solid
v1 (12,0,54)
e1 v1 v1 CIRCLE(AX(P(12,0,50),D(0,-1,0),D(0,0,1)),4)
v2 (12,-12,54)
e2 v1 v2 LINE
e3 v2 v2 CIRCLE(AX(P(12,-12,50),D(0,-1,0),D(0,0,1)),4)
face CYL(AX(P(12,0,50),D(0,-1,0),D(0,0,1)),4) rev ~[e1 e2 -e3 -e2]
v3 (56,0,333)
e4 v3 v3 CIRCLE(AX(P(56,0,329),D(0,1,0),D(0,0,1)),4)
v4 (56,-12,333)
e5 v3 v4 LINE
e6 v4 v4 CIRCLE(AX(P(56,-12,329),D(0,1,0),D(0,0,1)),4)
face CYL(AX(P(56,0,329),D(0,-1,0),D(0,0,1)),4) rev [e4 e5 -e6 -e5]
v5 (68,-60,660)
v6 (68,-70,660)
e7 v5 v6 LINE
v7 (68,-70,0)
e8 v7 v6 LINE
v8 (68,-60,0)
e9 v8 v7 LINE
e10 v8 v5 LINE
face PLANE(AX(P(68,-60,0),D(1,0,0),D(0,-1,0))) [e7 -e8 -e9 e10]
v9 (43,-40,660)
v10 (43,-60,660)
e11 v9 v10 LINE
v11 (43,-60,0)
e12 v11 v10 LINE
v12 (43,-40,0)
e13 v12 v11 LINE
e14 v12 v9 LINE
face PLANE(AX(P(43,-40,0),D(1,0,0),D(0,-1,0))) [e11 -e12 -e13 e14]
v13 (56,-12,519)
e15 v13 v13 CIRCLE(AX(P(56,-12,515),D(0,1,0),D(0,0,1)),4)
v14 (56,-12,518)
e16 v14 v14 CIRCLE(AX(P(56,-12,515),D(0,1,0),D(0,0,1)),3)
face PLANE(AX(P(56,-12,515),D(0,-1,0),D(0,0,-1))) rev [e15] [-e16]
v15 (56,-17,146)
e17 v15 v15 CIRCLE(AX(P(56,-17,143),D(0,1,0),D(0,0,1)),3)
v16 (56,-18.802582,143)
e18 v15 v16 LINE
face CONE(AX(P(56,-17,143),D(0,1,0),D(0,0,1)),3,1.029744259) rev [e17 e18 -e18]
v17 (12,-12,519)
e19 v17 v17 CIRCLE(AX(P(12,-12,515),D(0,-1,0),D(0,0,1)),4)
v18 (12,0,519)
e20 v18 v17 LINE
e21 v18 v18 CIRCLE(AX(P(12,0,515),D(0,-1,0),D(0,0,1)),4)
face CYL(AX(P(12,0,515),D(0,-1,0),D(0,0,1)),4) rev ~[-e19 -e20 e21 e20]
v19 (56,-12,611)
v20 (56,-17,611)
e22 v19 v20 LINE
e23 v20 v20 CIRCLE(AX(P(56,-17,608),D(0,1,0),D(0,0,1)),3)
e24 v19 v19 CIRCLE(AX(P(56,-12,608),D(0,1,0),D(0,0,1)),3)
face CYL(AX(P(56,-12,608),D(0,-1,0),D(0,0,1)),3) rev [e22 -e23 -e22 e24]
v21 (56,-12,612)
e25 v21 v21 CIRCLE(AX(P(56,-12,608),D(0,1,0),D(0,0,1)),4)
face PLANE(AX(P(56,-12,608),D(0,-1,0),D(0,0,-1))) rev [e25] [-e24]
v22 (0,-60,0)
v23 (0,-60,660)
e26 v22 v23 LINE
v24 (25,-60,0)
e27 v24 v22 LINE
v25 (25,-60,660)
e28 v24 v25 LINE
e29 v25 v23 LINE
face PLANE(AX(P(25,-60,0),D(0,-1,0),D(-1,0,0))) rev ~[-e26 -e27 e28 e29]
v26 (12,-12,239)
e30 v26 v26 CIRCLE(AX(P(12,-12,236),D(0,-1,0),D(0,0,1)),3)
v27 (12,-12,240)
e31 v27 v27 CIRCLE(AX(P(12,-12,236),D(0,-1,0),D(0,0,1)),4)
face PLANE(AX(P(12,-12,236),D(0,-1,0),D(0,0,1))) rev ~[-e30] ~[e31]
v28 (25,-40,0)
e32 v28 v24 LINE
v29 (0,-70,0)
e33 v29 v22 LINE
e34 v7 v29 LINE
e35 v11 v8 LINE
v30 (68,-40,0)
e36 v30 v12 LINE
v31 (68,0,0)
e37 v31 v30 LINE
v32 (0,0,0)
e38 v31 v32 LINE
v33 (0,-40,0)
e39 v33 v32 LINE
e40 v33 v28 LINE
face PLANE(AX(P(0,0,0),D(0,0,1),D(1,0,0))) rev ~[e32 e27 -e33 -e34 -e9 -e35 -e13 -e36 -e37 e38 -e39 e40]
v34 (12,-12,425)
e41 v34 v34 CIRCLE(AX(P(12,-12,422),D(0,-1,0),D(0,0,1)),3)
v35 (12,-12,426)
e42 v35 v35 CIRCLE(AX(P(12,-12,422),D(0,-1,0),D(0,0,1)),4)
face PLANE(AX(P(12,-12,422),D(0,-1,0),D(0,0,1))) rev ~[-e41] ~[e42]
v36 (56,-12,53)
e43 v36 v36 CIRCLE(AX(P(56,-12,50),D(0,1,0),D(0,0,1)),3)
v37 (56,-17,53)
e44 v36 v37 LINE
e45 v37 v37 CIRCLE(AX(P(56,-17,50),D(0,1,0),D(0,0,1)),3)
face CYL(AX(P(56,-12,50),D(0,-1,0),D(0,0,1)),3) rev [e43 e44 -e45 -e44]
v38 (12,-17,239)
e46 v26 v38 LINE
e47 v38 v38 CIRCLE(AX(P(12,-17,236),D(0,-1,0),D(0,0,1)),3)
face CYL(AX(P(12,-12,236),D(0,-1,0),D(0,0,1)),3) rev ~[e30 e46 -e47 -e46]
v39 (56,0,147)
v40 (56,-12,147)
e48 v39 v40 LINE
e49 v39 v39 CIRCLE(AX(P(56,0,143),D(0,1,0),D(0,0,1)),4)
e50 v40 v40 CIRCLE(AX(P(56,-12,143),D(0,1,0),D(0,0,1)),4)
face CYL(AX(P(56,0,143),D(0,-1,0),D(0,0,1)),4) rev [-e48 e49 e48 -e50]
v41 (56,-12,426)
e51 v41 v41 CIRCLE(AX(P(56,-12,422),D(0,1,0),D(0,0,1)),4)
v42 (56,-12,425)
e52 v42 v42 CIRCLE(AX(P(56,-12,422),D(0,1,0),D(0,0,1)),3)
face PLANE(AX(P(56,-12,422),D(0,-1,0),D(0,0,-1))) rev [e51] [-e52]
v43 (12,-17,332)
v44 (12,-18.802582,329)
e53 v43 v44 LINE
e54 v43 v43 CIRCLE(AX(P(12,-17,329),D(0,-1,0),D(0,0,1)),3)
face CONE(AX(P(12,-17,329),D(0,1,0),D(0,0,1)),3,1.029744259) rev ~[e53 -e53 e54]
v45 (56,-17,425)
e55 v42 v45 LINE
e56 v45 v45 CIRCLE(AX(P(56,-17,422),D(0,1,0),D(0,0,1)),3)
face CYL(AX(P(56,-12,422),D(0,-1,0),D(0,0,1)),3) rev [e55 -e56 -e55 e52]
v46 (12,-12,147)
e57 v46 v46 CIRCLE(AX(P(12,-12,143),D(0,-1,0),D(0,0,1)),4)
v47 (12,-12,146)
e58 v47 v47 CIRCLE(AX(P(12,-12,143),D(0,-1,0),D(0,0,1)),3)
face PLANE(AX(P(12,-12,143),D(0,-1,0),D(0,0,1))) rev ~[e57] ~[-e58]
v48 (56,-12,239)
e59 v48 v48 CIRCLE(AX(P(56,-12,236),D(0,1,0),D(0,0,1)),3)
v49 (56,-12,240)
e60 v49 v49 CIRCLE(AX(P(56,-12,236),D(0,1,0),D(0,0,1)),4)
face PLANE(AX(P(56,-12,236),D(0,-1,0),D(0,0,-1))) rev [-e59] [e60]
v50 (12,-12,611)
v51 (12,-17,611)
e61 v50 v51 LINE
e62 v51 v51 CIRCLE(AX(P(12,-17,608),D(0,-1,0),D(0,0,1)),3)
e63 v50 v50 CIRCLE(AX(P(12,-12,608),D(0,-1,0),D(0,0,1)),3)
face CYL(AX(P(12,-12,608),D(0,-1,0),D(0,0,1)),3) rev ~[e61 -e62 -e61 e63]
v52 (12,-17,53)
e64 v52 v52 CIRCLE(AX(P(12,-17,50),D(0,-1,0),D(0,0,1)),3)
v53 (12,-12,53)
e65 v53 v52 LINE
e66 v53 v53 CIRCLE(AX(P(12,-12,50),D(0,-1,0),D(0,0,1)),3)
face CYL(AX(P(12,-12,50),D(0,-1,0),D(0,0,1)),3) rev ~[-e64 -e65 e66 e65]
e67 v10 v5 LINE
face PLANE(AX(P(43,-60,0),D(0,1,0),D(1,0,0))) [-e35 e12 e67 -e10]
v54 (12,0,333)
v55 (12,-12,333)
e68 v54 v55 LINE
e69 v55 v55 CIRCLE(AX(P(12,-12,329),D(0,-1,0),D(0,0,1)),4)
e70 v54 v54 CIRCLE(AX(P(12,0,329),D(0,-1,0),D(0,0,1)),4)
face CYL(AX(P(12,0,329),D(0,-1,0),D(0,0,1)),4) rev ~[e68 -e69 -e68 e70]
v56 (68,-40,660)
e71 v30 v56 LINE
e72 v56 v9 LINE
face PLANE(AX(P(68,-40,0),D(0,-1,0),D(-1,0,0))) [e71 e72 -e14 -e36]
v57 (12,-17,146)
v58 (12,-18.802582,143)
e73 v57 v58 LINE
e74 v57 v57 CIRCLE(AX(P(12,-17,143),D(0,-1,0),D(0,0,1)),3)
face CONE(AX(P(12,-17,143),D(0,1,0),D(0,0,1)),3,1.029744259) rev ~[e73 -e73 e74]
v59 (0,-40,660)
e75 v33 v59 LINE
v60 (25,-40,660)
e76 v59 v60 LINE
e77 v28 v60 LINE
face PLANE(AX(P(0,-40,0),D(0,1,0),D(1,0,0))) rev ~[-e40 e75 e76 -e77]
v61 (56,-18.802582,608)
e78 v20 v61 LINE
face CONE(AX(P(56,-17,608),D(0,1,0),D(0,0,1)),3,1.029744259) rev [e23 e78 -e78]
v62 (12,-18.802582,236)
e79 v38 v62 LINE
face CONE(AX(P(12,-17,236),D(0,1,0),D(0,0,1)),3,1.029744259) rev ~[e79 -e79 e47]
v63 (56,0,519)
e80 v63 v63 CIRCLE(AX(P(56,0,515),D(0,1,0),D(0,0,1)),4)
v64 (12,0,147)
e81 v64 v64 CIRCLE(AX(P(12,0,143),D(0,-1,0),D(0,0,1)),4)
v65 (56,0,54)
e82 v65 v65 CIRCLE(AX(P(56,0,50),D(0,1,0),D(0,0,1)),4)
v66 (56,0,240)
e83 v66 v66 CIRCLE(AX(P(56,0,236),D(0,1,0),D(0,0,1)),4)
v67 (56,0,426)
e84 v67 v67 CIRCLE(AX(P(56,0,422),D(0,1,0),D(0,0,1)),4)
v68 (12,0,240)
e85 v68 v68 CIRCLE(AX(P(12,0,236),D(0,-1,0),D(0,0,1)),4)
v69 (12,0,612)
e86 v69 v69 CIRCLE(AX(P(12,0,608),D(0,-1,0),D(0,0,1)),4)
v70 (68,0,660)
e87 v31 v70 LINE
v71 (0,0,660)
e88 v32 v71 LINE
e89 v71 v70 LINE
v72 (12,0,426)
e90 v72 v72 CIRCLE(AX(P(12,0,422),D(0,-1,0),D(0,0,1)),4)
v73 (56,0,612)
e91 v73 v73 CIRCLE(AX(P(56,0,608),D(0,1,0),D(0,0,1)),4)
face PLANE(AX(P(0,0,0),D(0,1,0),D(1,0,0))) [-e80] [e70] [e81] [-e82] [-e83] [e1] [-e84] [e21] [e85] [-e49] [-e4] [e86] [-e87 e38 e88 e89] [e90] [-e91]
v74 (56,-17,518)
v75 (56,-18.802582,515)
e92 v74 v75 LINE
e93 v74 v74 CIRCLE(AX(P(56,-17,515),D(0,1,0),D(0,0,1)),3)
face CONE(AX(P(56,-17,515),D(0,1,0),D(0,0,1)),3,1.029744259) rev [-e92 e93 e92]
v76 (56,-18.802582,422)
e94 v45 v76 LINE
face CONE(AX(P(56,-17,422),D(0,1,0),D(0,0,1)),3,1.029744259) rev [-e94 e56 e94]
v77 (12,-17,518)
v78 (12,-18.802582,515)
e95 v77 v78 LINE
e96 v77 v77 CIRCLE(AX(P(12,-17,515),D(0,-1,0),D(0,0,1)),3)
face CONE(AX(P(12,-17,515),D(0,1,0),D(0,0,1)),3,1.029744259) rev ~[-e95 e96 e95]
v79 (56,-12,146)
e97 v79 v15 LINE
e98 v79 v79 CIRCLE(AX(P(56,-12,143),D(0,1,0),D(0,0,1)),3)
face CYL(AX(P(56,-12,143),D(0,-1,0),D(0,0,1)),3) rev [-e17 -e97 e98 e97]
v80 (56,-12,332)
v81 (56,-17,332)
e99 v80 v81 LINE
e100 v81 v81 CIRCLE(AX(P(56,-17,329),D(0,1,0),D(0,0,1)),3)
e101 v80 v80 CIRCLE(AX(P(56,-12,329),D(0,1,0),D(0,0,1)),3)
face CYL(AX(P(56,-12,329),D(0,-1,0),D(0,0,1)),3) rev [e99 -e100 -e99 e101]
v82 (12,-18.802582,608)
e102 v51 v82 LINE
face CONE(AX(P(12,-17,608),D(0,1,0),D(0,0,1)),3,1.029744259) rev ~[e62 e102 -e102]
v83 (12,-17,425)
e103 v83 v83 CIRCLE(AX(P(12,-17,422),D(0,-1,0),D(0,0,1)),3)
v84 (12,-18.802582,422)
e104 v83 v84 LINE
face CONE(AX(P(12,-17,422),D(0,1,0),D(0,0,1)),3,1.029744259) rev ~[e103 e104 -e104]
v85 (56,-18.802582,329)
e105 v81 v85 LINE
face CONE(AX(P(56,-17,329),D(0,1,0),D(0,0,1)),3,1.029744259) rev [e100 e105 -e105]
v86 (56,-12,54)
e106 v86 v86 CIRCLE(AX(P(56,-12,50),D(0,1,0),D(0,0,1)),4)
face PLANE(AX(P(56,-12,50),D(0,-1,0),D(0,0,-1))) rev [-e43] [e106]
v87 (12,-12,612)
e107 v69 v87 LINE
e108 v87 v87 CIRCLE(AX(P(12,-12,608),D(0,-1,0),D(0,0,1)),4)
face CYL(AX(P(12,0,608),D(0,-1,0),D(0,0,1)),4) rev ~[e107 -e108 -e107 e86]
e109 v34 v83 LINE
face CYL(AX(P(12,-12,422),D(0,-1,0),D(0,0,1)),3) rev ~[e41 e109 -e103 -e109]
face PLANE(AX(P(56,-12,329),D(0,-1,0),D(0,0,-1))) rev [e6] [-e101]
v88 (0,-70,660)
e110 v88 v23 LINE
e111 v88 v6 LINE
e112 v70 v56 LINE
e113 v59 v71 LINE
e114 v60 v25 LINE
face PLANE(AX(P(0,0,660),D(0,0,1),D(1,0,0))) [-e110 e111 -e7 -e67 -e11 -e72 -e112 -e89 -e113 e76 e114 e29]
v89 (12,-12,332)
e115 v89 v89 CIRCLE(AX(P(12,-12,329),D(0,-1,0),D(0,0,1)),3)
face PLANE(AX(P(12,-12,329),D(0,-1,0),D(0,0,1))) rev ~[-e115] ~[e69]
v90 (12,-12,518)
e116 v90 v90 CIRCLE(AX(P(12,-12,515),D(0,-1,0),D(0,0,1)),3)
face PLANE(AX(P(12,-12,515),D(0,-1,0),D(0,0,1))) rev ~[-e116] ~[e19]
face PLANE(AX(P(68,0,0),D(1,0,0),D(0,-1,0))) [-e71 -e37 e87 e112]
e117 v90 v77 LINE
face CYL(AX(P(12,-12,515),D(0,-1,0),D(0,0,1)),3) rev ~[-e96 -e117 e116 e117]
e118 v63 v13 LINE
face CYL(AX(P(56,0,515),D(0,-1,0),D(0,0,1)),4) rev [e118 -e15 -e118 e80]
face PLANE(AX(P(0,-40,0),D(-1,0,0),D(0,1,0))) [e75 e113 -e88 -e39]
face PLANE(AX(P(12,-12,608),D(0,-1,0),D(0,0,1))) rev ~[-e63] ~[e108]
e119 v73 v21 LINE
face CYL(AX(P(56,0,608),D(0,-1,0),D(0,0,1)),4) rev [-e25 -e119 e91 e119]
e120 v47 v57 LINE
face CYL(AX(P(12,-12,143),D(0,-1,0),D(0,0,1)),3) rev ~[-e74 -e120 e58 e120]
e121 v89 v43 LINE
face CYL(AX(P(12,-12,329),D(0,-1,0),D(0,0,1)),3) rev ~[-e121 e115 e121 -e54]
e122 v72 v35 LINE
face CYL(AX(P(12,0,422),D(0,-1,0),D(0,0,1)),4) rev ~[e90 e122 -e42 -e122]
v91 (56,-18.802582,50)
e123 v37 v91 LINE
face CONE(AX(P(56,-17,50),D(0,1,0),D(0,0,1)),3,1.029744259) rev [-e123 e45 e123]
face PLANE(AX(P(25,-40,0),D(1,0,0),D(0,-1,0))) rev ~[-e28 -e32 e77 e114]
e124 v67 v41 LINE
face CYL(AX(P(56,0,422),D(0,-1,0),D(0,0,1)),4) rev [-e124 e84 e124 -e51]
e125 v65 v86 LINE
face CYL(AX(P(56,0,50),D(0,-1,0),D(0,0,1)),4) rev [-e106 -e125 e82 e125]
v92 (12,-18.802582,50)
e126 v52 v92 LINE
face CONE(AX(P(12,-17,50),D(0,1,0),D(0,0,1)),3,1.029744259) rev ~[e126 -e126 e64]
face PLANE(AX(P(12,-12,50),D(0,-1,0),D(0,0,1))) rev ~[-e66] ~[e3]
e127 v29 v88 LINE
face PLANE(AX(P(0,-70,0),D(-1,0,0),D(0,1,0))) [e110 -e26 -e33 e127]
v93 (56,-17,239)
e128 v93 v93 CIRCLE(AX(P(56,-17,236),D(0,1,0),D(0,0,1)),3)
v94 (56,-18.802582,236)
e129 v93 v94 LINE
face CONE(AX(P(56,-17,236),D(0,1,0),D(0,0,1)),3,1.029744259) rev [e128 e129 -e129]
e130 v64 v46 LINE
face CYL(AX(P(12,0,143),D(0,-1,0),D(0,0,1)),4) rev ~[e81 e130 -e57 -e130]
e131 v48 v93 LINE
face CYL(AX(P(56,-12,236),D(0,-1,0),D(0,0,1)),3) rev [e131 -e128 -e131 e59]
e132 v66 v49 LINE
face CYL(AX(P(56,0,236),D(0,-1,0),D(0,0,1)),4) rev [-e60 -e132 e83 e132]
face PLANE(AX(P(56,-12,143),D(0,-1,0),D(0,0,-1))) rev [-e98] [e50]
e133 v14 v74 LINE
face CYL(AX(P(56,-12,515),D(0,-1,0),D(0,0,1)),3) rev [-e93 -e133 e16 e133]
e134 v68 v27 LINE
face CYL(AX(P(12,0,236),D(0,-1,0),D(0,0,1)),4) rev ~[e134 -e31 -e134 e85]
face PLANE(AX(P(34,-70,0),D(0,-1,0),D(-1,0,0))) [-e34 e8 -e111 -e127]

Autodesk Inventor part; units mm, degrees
ref_plane "YZ Plane" through (0, 0, 0) normal (1, 0, 0) x (0, 1, 0)
ref_plane "XZ Plane" through (0, 0, 0) normal (0, 1, 0) x (-1, 0, 0)
ref_plane "XY Plane" through (0, 0, 0) normal (0, 0, 1) x (1, 0, 0)
sketch "Эскиз1" plane through (0, 0, 0) normal (0, 0, 1) x (1, 0, 0)
  line L0 (0, 0) -> (68, 0)
  line L1 (68, 0) -> (68, -70)
  line L2 (68, -70) -> (0, -70)
  line L3 (0, -70) -> (0, 0)
  line L4 (0, 0) -> (0, -40)
  line L5 (0, -40) -> (25, -40)
  line L6 (25, -40) -> (25, -60)
  line L7 (25, -60) -> (0, -60)
  line L8 (34, 0) -> (34, -70)
  line L9 (68, -40) -> (43, -40)
  line L10 (43, -40) -> (43, -60)
  line L11 (43, -60) -> (68, -60)
  dimension "d0" = 68
  dimension "d1" = 70
  dimension "d2" = 40
  dimension "d3" = 25
  dimension "d4" = 20
extrude "Выдавливание1" add sketch "Эскиз1" along normal blind 660 contours L0 L8 L2 L3 L7 L6 L5 | L0 L1 L9 L10 L11 L2 L8
sketch "Эскиз2" plane through (0, 0, 0) normal (0, 1, 0) x (1, 0, 0)
  circle A0 centre (12, 10) radius 4 projected
  line L0 (12, 10) -> (12, -50)
  point P0 (0, 0)
  dimension "d7" = 60
hole "Отверстие1" at (12, 0, 50) direction (0, -1, 0) diameter 6 depth 17 tip angle 118 counterbore diameter 8 counterbore depth 12
pattern_linear "Прямоуг.массив1" count 7 spacing 93 along (0, 0, 1) of "Отверстие1"
ref_plane "РабПлоскость1" through (34, -40, 0) normal (1, 0, 0) x (0, 0, -1)
mirror "Зеркальное отражение1" about plane through (34, -40, 0) normal (1, 0, 0) of "Отверстие1", "Прямоуг.массив1"
thread "Резьба1" size "M8x1.25" class "6H" standard "ANSI Metric M Profile" full length
thread "Резьба2" size "M8x1.25" class "6H" standard "ANSI Metric M Profile" full length
thread "Резьба3" size "M8x1.25" class "6H" standard "ANSI Metric M Profile" full length
thread "Резьба4" size "M8x1.25" class "6H" standard "ANSI Metric M Profile" full length
thread "Резьба5" size "M8x1.25" class "6H" standard "ANSI Metric M Profile" full length
thread "Резьба6" size "M8x1.25" class "6H" standard "ANSI Metric M Profile" full length
thread "Резьба7" size "M8x1.25" class "6H" standard "ANSI Metric M Profile" full length
thread "Резьба8" size "M8x1.25" class "6H" standard "ANSI Metric M Profile" full length
thread "Резьба9" size "M8x1.25" class "6H" standard "ANSI Metric M Profile" full length
thread "Резьба10" size "M8x1.25" class "6H" standard "ANSI Metric M Profile" full length
thread "Резьба11" size "M8x1.25" class "6H" standard "ANSI Metric M Profile" full length
thread "Резьба12" size "M8x1.25" class "6H" standard "ANSI Metric M Profile" full length
thread "Резьба13" size "M8x1.25" class "6H" standard "ANSI Metric M Profile" full length
thread "Резьба14" size "M8x1.25" class "6H" standard "ANSI Metric M Profile" full length
properties part number "Балка" material "Чугун, серый"
